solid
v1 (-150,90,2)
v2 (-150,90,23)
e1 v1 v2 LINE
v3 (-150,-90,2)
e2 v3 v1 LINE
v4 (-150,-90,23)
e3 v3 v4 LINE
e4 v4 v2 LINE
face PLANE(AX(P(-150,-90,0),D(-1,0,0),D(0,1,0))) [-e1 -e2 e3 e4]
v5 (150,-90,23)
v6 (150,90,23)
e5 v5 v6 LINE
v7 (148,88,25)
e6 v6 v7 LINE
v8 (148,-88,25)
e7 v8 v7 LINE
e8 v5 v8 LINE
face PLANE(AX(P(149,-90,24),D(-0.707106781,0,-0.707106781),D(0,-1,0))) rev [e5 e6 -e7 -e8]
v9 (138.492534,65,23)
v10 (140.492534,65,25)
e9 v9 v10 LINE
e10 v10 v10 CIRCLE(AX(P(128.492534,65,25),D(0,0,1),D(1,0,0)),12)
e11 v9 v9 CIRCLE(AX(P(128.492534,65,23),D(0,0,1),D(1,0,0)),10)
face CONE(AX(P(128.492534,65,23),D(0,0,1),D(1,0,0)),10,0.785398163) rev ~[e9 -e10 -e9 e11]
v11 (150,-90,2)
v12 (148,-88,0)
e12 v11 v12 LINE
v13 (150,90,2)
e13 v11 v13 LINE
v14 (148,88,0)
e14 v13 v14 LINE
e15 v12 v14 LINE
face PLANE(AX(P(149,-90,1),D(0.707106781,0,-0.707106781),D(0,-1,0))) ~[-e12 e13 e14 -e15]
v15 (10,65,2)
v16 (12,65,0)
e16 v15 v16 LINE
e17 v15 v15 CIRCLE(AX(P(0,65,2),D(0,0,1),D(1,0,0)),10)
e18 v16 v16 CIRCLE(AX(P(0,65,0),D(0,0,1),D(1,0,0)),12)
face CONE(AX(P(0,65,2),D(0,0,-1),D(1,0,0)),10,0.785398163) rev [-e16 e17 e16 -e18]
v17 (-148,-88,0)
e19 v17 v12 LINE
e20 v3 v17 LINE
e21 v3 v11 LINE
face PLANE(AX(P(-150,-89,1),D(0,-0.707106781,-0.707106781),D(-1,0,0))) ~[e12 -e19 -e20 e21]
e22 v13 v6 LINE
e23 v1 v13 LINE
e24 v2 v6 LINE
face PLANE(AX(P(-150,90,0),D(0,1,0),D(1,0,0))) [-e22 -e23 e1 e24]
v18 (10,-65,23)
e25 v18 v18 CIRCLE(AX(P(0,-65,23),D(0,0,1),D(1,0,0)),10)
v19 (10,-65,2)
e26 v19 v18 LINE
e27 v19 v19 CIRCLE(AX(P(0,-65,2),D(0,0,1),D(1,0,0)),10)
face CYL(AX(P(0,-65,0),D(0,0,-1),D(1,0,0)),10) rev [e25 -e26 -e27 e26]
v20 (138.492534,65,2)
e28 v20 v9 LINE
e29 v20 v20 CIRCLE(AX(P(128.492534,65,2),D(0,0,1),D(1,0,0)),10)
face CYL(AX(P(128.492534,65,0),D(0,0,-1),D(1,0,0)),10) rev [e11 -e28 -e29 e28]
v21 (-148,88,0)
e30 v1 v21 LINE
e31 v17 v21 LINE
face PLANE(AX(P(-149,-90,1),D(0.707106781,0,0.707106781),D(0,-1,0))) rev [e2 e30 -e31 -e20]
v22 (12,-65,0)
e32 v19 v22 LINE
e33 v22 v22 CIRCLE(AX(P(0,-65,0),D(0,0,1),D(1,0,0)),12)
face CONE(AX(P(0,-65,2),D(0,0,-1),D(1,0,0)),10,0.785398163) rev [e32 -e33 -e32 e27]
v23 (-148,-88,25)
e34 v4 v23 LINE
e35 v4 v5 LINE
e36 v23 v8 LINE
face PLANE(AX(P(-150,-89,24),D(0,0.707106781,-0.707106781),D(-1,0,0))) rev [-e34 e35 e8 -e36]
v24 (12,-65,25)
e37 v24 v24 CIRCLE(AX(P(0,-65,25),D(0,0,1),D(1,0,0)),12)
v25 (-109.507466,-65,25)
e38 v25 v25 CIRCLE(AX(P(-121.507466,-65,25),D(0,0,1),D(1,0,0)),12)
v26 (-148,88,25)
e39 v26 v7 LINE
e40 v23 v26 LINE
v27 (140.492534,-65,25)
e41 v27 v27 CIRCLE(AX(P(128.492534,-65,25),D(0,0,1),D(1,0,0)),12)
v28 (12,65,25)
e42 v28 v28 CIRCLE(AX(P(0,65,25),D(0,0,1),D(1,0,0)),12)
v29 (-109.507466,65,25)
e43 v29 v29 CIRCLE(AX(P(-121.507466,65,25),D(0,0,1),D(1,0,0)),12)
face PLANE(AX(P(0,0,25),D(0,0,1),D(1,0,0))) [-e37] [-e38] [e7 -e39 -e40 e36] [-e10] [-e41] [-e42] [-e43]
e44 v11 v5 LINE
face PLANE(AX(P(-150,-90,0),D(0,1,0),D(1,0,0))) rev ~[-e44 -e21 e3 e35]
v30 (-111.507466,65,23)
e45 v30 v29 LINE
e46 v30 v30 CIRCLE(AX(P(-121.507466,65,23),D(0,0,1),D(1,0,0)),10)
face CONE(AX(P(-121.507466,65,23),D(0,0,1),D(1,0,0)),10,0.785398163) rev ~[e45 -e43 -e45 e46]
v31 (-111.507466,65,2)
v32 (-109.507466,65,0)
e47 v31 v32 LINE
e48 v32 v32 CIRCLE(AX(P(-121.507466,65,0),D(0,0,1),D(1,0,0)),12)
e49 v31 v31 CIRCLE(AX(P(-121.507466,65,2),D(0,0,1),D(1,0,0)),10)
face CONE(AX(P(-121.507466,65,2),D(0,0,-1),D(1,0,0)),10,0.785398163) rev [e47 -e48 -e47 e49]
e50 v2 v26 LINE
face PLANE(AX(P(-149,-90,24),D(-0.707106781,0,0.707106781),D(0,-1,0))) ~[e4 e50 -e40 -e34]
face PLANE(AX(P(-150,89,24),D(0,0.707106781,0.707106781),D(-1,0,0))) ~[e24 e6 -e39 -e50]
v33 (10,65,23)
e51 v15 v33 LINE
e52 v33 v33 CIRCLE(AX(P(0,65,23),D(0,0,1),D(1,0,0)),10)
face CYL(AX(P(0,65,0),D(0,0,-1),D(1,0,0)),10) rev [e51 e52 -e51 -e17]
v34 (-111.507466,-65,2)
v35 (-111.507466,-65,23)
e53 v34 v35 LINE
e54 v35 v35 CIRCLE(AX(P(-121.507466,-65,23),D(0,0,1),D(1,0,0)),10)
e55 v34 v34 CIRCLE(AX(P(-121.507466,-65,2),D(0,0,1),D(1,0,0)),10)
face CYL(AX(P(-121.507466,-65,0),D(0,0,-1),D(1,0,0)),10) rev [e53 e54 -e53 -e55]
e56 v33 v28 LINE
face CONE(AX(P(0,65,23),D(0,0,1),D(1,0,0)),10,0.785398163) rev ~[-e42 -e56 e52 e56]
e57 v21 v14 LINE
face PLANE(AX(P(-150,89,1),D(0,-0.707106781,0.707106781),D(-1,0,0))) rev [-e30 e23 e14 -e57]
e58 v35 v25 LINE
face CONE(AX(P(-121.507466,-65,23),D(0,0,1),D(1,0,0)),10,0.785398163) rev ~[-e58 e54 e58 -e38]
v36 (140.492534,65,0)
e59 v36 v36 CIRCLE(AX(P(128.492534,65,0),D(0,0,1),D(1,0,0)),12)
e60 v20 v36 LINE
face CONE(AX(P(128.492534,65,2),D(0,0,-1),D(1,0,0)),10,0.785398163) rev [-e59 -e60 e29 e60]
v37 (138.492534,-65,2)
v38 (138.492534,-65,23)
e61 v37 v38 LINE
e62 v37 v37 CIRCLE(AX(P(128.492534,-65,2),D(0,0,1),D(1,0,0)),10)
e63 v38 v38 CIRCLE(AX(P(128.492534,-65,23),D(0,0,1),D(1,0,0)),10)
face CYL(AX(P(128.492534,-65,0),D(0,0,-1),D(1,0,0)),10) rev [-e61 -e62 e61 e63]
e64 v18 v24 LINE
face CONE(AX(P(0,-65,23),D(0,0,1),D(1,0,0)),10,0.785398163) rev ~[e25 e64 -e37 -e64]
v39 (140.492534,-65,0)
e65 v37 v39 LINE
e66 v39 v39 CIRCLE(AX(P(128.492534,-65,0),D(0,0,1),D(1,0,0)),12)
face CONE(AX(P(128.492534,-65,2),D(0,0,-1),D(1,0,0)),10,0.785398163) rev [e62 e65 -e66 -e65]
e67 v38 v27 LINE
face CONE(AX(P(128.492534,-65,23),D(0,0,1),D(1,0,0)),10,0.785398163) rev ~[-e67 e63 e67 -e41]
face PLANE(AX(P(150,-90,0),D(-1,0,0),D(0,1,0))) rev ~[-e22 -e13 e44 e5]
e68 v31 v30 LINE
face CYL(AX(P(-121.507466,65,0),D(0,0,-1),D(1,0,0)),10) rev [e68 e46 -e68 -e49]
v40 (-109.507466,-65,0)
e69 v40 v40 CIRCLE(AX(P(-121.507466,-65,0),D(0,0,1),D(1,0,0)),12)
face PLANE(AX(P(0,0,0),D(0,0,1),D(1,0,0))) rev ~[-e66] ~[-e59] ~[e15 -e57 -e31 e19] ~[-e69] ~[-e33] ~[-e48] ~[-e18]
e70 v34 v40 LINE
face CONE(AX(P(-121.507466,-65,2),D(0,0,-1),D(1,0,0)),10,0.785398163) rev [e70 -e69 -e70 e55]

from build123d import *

# Parameters (mm, degrees)
F0_W     = 300
F0_H     = 180
F0_R     = 10
F1_DEPTH = 25
F2_SIZE  = 2


with BuildPart() as f1:
    # F0 (on Top) → F1 (new body)
    with BuildSketch(Plane.XY):
        Rectangle(F0_W, F0_H)
        with Locations((-121.507466, -65)):
            Circle(F0_R, mode=Mode.SUBTRACT)
        with Locations((0, -65)):
            Circle(F0_R, mode=Mode.SUBTRACT)
        with Locations((128.492534, -65)):
            Circle(F0_R, mode=Mode.SUBTRACT)
        with Locations((-121.507466, 65)):
            Circle(F0_R, mode=Mode.SUBTRACT)
        with Locations((0, 65)):
            Circle(F0_R, mode=Mode.SUBTRACT)
        with Locations((128.492534, 65)):
            Circle(F0_R, mode=Mode.SUBTRACT)
    extrude(amount=F1_DEPTH)

    # F2
    f2_edges = [f1.edges().sort_by_distance(p)[0] for p in [
        (150, 0, 25),
        (0, 90, 25),
        (-150, 0, 25),
        (0, -90, 25),
        (-131.507466, -65, 25),
        (-10, -65, 25),
        (118.492534, -65, 25),
        (-131.507466, 65, 25),
        (-10, 65, 25),
        (118.492534, 65, 25),
        (150, 0, 0),
        (0, 90, 0),
        (-150, 0, 0),
        (0, -90, 0),
        (-131.507466, -65, 0),
        (-10, -65, 0),
        (118.492534, -65, 0),
        (-131.507466, 65, 0),
        (-10, 65, 0),
        (118.492534, 65, 0),
    ]]
    chamfer(f2_edges, length=F2_SIZE)


solid = f1.part
